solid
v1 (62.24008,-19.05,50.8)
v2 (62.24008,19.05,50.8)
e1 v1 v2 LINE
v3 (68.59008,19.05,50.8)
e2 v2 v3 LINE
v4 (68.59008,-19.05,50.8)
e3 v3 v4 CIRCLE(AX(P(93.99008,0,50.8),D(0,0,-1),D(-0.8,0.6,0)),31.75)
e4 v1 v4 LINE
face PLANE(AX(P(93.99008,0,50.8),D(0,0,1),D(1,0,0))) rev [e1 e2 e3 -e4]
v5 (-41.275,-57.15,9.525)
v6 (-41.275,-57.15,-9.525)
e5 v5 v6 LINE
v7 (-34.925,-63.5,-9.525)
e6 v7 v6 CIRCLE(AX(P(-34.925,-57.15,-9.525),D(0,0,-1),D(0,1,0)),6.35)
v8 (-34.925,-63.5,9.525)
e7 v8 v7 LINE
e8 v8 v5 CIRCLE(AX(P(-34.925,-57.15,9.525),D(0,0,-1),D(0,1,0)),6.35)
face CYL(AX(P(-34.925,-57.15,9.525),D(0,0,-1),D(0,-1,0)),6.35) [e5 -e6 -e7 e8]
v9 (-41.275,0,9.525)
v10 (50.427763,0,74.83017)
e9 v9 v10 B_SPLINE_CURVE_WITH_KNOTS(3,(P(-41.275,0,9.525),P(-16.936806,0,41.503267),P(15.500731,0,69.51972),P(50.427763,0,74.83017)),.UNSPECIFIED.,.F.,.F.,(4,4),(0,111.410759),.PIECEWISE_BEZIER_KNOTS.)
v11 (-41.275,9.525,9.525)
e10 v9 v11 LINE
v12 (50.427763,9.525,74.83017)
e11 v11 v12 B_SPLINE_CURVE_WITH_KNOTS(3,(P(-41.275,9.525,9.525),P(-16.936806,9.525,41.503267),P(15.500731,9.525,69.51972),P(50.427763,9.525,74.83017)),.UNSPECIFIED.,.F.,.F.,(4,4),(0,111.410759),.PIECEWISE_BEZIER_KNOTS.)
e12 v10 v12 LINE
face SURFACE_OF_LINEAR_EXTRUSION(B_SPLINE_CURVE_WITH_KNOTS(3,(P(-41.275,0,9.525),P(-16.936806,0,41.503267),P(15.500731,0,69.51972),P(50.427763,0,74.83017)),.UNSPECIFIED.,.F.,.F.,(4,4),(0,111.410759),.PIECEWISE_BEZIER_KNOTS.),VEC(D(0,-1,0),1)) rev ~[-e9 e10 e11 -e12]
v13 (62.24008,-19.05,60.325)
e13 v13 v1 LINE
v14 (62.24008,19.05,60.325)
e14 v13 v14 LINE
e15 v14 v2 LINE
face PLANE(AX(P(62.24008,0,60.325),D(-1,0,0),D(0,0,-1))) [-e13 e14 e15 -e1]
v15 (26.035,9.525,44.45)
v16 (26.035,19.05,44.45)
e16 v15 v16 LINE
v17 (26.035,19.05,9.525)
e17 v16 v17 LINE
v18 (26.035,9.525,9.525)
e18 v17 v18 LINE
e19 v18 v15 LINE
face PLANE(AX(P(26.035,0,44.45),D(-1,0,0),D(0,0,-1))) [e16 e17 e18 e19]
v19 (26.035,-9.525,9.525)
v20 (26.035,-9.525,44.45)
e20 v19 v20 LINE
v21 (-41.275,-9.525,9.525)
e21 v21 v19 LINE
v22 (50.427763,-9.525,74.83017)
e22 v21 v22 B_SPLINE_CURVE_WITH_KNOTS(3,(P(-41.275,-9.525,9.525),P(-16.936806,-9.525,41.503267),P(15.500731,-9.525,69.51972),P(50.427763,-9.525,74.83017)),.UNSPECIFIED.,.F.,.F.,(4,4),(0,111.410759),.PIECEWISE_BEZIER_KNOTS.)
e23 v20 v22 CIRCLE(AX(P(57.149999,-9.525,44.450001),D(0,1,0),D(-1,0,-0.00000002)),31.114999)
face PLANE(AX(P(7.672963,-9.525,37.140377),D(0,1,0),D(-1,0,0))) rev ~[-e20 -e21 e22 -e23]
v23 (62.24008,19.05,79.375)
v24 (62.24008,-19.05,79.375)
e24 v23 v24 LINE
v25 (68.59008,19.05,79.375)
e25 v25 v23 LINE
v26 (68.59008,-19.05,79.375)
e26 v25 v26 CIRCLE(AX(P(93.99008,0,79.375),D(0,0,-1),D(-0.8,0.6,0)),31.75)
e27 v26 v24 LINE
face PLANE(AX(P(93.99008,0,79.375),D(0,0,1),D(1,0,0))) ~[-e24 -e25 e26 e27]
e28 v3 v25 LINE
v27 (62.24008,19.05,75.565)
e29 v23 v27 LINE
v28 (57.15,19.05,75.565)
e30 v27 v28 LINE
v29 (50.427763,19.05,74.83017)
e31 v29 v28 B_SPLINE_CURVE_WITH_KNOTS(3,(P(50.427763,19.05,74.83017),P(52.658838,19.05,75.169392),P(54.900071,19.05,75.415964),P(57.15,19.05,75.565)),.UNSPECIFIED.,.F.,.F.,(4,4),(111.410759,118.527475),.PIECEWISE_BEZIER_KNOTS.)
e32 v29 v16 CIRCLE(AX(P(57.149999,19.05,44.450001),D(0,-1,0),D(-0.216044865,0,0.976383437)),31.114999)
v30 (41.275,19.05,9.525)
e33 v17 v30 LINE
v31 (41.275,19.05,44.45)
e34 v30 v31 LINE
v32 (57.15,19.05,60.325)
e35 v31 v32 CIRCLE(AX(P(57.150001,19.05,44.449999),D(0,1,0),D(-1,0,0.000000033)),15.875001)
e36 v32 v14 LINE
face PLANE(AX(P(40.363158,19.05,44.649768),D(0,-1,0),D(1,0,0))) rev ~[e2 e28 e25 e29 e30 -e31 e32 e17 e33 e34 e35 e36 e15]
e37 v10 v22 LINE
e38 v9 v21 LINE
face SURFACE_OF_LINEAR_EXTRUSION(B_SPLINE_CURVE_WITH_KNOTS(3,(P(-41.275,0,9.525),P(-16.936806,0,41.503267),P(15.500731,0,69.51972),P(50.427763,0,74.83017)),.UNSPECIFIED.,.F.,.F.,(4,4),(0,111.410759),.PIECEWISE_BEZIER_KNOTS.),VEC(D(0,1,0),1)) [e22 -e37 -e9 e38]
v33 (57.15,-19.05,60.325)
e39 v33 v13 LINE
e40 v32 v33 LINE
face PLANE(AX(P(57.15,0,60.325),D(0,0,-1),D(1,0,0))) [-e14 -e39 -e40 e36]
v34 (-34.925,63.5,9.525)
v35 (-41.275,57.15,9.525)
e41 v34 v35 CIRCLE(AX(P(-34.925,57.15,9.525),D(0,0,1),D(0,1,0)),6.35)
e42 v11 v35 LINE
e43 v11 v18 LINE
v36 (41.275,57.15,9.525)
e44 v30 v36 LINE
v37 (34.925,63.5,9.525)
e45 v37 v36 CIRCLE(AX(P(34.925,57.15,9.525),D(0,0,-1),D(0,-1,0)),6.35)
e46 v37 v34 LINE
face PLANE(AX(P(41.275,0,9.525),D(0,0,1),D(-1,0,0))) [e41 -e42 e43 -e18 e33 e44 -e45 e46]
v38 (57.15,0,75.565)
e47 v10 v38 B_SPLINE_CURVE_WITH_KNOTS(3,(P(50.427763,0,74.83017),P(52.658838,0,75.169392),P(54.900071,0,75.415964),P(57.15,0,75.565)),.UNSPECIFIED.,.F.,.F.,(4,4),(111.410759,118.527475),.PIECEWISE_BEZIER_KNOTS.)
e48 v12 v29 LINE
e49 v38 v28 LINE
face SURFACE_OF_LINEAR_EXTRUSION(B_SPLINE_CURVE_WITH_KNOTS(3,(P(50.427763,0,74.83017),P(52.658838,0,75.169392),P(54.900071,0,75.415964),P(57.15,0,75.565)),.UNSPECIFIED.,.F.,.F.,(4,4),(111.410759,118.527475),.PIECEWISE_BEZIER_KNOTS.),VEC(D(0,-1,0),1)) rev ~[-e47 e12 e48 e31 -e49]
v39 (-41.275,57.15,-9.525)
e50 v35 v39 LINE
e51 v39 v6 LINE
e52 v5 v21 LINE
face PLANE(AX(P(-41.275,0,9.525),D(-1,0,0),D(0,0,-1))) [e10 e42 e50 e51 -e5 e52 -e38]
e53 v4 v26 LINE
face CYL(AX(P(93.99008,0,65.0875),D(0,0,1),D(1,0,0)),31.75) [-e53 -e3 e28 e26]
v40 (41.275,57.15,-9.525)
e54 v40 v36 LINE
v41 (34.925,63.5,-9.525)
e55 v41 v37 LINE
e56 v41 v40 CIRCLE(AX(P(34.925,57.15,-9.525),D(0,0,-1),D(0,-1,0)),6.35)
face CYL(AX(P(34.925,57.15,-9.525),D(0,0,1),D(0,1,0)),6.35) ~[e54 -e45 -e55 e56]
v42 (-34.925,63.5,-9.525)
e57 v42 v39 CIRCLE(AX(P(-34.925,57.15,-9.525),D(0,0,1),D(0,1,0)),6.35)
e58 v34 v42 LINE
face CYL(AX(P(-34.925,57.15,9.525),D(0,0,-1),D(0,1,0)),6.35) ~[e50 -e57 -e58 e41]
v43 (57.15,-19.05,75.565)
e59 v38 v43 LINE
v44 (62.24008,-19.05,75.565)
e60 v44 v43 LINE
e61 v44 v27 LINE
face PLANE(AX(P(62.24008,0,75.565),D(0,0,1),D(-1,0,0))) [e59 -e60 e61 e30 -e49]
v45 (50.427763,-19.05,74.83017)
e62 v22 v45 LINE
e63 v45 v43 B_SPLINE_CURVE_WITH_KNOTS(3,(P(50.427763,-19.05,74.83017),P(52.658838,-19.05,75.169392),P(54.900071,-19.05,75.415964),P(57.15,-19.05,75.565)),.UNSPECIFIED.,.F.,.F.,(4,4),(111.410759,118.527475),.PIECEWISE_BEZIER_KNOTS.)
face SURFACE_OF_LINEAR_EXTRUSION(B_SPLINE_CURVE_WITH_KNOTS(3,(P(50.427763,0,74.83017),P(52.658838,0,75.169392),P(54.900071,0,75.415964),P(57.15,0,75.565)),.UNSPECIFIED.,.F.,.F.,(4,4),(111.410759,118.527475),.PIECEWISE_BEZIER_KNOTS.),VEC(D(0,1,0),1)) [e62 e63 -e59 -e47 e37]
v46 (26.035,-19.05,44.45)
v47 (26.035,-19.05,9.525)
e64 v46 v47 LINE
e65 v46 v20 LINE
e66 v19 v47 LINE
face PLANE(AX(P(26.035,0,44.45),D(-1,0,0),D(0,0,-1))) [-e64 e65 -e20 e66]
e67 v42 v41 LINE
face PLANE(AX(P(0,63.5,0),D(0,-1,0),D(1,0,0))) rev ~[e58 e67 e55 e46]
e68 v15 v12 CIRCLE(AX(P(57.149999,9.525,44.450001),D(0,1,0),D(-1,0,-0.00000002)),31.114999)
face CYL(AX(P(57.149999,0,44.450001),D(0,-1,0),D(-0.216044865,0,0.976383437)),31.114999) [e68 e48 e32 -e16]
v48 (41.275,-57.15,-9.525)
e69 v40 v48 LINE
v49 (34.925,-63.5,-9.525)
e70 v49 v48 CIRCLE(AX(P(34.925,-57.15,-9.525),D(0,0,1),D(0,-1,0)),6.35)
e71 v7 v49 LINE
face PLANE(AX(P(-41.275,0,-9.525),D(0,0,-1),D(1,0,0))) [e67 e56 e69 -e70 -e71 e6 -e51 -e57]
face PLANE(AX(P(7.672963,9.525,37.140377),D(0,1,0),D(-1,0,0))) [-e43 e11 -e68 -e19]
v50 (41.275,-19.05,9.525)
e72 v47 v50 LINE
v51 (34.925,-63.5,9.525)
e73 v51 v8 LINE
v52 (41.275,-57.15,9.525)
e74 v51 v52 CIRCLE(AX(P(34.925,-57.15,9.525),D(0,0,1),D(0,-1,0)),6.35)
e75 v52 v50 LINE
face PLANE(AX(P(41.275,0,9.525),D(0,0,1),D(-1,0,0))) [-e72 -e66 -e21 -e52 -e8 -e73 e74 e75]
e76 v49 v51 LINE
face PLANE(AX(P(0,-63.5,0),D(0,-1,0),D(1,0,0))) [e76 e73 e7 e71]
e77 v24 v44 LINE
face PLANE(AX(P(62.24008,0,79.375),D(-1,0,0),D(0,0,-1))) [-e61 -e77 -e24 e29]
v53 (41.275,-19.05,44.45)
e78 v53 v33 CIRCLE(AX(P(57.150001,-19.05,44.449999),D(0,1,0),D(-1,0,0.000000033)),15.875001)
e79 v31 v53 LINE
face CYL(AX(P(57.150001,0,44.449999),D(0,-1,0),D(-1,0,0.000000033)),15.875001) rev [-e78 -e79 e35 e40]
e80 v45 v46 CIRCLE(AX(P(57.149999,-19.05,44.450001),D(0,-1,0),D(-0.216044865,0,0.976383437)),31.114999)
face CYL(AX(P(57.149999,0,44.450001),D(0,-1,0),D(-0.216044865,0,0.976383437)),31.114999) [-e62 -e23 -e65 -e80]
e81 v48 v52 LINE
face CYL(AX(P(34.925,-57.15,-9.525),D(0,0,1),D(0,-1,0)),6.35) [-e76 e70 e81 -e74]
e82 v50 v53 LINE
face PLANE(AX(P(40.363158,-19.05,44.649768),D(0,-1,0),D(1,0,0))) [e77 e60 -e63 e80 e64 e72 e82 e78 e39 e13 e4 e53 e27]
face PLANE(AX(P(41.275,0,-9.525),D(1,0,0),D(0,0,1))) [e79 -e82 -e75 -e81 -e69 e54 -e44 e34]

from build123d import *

# Parameters (mm, degrees)
F1_DEPTH = 63.5
F2_DEPTH = 9.525
F3_DEPTH = 19.05
F0_W     = 31.75
F0_H     = 28.575
F5_R     = 6.35


with BuildPart() as f1:
    # F0 (on Front) → F1 (new body, symmetric)
    with BuildSketch(Plane.XZ):
        Polygon((26.035, 9.525), (-41.275, 9.525), (-41.275, -9.525), (41.275, -9.525), (41.275, 9.525), align=None)
    extrude(amount=F1_DEPTH, both=True)

    # F0 (on Front) → F2 (join, symmetric)
    with BuildSketch(Plane.XZ):
        with BuildLine():
            add(Edge.make_bspline(
                [(-41.275, 9.525), (-16.936806, 41.503267), (15.500731, 69.51972), (50.427763, 74.83017)],
                knots=[0, 0, 0, 0, 111.410759, 111.410759, 111.410759, 111.410759], degree=3))
            Line((-41.275, 9.525), (26.035, 9.525))
            Line((26.035, 9.525), (26.035, 44.45))
            ThreePointArc((26.035, 44.45), (32.887831, 63.930513), (50.427763, 74.83017))
        make_face()
    extrude(amount=F2_DEPTH, both=True)

    # F0 (on Front) → F3 (join, symmetric)
    with BuildSketch(Plane.XZ):
        with BuildLine():
            Line((26.035, 44.45), (26.035, 9.525))
            Line((26.035, 9.525), (41.275, 9.525))
            Line((41.275, 9.525), (41.275, 44.45))
            ThreePointArc((41.275, 44.45), (45.92468, 55.67532), (57.15, 60.325))
            Line((57.15, 60.325), (62.24008, 60.325))
            Line((62.24008, 60.325), (62.24008, 75.565))
            Line((62.24008, 75.565), (57.15, 75.565))
            add(Edge.make_bspline(
                [(50.427763, 74.83017), (52.658838, 75.169392), (54.900071, 75.415964), (57.15, 75.565)],
                knots=[111.410759, 111.410759, 111.410759, 111.410759, 118.527475, 118.527475, 118.527475, 118.527475], degree=3))
            ThreePointArc((50.427763, 74.83017), (32.887831, 63.930513), (26.035, 44.45))
        make_face()
        Polygon((62.24008, 79.375), (62.24008, 75.565), (62.24008, 60.325), (62.24008, 50.8), (93.99008, 50.8), (93.99008, 79.375), align=None)
    extrude(amount=F3_DEPTH, both=True)

    # F0 (on Front) → F4 (revolve)
    with BuildSketch(Plane.XZ):
        with Locations((109.86508, 65.0875)):
            Rectangle(F0_W, F0_H)
    revolve(axis=Axis((93.99008, 0, 65.0875), (0, 0, 1)))

    # F5
    f5_edges = [f1.edges().sort_by_distance(p)[0] for p in [
        (41.275, 63.5, 0),
        (-41.275, 63.5, 0),
        (41.275, -63.5, 0),
        (-41.275, -63.5, 0),
    ]]
    fillet(f5_edges, radius=F5_R)


solid = f1.part
